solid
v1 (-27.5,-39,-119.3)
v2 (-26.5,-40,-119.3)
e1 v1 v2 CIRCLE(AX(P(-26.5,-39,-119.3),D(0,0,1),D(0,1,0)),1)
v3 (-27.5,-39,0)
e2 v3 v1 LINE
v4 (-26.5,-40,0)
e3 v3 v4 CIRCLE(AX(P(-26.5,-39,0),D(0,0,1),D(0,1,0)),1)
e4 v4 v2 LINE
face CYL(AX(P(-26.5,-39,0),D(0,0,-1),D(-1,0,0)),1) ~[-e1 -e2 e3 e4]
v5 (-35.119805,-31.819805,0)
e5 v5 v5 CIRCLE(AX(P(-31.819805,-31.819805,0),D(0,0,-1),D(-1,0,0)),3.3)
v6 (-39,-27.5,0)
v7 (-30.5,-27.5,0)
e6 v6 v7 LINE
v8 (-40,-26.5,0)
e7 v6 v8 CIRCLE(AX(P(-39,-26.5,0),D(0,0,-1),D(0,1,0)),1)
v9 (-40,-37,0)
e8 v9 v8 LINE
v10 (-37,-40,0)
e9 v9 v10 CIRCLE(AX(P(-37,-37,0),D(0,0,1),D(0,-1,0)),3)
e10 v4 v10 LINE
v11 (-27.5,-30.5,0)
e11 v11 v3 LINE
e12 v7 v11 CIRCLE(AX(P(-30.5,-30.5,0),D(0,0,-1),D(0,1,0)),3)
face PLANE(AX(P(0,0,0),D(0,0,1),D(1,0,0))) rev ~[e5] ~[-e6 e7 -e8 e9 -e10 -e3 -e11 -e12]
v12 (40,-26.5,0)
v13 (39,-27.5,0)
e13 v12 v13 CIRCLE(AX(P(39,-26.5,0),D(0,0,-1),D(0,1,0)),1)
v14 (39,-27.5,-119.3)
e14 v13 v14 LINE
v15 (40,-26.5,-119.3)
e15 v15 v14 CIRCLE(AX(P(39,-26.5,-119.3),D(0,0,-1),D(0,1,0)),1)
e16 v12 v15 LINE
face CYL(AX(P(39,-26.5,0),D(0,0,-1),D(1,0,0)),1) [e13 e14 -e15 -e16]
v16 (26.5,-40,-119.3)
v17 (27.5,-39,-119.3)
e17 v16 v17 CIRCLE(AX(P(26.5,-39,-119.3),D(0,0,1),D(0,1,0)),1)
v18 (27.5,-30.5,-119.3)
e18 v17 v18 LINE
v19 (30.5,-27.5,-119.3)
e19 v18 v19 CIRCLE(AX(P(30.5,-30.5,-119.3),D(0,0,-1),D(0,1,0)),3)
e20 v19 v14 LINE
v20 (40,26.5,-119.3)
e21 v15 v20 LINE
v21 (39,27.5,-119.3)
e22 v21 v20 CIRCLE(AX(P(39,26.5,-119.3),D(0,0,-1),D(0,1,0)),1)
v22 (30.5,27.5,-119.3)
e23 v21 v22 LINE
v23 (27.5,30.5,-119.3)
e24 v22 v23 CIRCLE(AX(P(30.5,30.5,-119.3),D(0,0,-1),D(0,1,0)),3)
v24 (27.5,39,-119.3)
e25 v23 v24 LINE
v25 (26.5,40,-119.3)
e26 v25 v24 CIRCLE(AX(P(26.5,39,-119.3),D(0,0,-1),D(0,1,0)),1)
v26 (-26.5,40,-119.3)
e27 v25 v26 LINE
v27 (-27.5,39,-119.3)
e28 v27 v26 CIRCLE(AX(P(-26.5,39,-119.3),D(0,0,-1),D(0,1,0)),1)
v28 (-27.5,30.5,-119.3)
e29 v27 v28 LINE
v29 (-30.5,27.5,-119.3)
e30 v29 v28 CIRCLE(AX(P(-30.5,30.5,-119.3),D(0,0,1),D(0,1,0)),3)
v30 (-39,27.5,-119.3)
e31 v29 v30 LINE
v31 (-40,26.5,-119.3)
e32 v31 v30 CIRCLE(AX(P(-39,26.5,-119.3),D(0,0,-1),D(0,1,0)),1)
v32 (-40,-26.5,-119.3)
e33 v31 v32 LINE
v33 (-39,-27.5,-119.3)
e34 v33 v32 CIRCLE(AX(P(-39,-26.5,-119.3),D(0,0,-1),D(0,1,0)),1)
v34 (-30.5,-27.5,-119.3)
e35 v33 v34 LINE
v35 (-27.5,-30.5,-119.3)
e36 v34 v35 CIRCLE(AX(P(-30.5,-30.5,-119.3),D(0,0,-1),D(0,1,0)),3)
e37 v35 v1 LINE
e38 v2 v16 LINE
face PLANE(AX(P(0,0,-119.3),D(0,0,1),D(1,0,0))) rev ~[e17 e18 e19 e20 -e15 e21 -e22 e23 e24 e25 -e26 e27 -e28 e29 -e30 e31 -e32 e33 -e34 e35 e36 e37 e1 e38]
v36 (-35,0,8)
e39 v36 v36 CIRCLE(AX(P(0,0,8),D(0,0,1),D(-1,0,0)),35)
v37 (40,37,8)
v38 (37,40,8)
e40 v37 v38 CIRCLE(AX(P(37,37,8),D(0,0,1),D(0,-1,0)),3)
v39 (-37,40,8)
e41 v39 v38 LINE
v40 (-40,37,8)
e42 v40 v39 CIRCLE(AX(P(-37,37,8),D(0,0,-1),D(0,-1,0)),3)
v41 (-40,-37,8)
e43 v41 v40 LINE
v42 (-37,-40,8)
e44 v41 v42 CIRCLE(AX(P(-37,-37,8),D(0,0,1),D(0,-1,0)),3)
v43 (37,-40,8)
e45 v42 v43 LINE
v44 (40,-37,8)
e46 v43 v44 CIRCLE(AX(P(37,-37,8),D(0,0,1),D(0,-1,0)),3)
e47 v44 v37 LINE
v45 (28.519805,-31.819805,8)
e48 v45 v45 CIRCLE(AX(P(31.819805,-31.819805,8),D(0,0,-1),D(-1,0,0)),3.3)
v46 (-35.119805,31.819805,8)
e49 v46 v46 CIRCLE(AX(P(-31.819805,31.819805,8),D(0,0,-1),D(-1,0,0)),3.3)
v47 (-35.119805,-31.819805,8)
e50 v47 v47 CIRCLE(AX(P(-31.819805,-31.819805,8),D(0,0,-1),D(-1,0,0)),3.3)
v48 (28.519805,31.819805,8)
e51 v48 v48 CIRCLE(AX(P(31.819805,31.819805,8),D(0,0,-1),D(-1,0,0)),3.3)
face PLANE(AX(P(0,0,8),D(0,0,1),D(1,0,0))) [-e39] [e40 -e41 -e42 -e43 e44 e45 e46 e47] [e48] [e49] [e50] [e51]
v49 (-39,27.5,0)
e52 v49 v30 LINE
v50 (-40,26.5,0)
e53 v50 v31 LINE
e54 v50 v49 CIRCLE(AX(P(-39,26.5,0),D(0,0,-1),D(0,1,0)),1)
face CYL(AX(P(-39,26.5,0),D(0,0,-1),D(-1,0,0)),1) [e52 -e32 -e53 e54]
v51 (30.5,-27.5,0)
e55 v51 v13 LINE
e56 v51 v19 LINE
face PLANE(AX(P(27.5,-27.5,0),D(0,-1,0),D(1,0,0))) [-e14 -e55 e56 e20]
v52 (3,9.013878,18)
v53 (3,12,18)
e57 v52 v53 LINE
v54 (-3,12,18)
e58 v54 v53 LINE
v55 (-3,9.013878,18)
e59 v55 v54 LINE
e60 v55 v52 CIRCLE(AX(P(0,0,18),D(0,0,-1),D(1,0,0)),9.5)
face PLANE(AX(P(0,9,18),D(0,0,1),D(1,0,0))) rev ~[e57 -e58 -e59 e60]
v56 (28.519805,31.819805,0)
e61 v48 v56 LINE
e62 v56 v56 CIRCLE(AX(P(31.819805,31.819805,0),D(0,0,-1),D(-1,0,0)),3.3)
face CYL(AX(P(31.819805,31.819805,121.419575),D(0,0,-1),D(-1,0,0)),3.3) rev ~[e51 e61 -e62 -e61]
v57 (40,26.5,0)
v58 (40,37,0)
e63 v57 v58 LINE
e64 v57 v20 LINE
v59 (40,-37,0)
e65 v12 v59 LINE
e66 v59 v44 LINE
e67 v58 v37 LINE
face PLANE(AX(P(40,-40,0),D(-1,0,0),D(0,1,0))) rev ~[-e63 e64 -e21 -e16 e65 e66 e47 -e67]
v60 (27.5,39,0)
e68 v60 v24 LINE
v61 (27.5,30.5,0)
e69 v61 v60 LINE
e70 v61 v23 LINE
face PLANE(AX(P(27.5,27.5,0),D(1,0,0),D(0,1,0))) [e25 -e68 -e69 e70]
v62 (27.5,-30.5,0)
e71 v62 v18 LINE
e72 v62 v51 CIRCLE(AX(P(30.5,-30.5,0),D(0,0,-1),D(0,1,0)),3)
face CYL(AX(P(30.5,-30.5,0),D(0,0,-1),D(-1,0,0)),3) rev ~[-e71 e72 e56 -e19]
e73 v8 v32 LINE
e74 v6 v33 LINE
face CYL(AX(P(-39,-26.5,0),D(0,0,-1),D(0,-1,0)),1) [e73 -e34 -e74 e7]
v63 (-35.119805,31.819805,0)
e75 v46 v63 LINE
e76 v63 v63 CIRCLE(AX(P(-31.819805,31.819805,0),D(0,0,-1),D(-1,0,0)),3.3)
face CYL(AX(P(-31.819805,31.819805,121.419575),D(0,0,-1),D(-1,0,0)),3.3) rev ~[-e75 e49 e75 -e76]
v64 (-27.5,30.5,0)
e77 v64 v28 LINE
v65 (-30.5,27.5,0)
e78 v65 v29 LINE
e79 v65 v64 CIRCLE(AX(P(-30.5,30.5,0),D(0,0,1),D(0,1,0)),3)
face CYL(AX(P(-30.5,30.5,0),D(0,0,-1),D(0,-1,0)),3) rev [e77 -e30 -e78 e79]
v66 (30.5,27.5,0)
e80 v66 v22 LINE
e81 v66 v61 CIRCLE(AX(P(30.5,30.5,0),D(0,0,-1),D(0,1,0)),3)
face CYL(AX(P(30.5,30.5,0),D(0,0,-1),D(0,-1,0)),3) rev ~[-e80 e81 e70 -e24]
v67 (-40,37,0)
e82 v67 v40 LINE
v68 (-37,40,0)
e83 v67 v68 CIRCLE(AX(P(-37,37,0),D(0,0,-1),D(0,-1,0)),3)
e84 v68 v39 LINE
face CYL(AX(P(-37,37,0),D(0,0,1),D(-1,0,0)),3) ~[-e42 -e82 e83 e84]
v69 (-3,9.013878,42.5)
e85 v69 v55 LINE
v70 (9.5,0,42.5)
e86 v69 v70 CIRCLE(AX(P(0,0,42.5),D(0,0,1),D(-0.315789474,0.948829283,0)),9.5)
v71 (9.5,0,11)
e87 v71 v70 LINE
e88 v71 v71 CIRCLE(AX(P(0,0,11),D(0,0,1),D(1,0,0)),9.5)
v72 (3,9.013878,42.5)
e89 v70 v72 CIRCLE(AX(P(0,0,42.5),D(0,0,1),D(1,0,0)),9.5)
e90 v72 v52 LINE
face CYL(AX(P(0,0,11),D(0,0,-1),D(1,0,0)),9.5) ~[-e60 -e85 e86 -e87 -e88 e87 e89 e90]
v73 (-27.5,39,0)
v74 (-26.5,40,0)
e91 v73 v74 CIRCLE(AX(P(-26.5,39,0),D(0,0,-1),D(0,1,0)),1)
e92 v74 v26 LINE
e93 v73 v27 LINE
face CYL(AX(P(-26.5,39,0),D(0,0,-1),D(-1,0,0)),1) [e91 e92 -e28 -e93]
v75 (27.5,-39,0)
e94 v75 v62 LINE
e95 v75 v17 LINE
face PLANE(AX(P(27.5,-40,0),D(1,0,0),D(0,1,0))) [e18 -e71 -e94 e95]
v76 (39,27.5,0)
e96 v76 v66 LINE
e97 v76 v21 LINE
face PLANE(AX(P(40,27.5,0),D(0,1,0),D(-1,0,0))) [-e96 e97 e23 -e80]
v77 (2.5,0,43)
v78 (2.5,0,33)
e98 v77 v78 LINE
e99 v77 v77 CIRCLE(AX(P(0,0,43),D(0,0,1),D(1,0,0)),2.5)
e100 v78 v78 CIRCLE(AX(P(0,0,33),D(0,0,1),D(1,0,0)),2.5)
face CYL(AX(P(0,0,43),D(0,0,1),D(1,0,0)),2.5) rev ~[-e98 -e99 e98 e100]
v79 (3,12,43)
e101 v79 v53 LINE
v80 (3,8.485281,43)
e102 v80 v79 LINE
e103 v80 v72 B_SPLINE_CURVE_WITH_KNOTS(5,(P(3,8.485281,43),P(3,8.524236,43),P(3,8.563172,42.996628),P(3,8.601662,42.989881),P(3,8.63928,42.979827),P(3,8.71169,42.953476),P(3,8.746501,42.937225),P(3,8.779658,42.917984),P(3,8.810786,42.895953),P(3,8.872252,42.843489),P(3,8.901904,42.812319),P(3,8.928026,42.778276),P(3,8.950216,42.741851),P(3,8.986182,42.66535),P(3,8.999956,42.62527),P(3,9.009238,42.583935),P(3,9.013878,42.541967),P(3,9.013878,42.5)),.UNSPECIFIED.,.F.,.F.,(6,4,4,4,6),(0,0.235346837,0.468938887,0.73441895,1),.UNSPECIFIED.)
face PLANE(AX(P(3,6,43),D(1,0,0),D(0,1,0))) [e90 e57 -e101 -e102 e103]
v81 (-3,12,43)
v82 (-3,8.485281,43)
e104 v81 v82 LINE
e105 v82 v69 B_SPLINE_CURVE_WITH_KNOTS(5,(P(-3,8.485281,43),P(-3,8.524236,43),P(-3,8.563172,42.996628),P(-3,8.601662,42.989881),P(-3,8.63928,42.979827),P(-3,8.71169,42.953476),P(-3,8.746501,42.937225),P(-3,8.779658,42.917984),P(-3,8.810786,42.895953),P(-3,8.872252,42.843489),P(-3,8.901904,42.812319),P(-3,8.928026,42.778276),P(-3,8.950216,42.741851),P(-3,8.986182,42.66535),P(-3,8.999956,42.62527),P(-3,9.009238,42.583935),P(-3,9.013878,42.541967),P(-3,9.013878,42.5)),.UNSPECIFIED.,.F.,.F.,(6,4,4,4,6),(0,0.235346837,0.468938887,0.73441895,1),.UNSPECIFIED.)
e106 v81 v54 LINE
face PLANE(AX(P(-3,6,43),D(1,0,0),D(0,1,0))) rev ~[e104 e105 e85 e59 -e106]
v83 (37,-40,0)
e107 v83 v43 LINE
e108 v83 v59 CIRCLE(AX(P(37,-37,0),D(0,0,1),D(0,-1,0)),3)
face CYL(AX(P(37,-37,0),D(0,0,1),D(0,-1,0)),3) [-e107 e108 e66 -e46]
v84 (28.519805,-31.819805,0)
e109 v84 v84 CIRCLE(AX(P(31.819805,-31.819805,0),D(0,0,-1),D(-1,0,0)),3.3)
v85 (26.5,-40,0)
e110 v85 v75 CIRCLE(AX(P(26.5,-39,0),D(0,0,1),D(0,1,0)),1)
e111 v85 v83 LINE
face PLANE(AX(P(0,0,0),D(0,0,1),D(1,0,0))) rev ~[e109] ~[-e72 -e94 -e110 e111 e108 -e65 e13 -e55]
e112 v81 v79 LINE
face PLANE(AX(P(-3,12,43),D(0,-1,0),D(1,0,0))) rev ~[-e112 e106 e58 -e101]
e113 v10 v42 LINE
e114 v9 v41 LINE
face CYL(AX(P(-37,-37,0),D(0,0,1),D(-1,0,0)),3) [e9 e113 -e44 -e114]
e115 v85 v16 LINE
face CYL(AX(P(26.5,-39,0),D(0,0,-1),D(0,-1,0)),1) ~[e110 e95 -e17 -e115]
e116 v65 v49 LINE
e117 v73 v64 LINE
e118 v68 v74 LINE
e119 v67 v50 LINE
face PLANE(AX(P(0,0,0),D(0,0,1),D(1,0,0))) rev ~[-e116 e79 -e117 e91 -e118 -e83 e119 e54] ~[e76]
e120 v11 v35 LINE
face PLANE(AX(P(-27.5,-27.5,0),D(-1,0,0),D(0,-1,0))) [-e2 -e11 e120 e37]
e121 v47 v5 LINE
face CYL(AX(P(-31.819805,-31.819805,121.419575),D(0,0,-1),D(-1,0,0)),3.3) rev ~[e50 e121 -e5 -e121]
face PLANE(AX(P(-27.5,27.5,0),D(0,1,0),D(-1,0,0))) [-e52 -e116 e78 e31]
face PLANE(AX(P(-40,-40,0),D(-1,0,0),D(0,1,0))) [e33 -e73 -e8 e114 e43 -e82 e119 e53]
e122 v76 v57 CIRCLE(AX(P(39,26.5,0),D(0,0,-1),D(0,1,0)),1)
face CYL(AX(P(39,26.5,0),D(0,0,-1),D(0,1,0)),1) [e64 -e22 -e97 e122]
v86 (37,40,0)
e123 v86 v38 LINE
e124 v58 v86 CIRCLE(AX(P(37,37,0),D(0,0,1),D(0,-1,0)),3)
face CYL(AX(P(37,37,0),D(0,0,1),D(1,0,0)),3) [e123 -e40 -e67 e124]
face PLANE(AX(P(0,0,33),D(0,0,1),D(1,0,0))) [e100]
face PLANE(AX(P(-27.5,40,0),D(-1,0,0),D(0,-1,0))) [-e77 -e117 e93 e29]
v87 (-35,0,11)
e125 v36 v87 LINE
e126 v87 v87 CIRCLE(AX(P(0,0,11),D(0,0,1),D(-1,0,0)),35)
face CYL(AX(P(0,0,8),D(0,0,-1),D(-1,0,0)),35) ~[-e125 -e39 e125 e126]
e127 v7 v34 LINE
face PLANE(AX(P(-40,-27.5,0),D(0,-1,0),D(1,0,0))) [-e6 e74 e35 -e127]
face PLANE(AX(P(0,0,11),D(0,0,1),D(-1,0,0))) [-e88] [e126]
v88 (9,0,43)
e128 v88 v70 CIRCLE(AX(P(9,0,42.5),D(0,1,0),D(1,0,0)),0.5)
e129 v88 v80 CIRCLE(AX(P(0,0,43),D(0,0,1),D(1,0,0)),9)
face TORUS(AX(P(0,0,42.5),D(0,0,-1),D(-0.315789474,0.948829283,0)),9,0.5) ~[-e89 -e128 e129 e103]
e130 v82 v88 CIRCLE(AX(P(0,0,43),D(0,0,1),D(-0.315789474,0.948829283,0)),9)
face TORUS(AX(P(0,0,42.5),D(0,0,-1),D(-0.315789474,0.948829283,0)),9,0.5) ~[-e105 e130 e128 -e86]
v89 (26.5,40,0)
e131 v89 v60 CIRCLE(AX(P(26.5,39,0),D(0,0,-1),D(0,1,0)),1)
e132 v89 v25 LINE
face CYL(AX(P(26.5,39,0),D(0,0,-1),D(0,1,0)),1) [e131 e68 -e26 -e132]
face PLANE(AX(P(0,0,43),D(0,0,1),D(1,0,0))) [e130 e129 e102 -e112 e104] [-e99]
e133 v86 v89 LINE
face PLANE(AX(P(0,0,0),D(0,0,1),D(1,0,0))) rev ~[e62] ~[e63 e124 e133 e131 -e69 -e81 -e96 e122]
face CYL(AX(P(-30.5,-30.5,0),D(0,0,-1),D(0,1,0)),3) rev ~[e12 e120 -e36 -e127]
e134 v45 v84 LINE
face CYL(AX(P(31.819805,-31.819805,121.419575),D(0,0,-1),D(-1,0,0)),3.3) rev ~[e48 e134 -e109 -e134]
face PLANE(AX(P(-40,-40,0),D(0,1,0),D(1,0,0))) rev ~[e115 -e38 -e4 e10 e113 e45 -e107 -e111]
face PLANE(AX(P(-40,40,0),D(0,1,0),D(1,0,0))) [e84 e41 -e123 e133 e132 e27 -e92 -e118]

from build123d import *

# Parameters (mm, degrees)
SKETCH_1_W              = 80
SKETCH_1_H              = 80
EXTRUDE_1_DEPTH         = 8
FILLET_1_R              = 3
HOLE_WIZARD_6_6_6_6_1_D = 6.6
SKETCH_5_R              = 35
EXTRUDE_2_DEPTH         = 3
SKETCH_6_R              = 9.5
EXTRUDE_3_DEPTH         = 32
EXTRUDE_4_DEPTH         = 119.3
FILLET_2_R              = 3
FILLET_3_R              = 1
SKETCH_8_W              = 6
SKETCH_8_H              = 6
EXTRUDE_5_DEPTH         = 25
FILLET_4_R              = 0.5
SKETCH_9_R              = 2.5
CUT_EXTRUDE_1_DEPTH     = 10


with BuildPart() as part:
    # 草图1 → 凸台-拉伸1 (new body)
    with BuildSketch(Plane.XY):
        Rectangle(SKETCH_1_W, SKETCH_1_H)
    extrude(amount=EXTRUDE_1_DEPTH)

    # 圆角1
    fillet_1_edges = [part.edges().sort_by_distance(p)[0] for p in [
        (40, -40, 4),
        (-40, -40, 4),
        (-40, 40, 4),
        (40, 40, 4),
    ]]
    fillet(fillet_1_edges, radius=FILLET_1_R)

    # Ø6.6 (6.6) 直径孔1 (through all)
    with Locations(Plane.XY.offset(8)):
        with Locations((31.819805153, 31.819805153), (31.819805153, -31.819805153), (-31.819805153, -31.819805153), (-31.819805153, 31.819805153)):
            Hole(HOLE_WIZARD_6_6_6_6_1_D / 2)

    # 草图5 → 凸台-拉伸2 (add)
    with BuildSketch(Plane.XY.offset(8)):
        with Locations(Location((0, 0, 0), (0, 0, 180))):
            Circle(SKETCH_5_R)
    extrude(amount=EXTRUDE_2_DEPTH)

    # 草图6 → 凸台-拉伸3 (add)
    with BuildSketch(Plane.XY.offset(11)):
        Circle(SKETCH_6_R)
    extrude(amount=EXTRUDE_3_DEPTH)

    # 草图7 → 凸台-拉伸4 (add)
    with BuildSketch(Plane(origin=(0, 0, 0), x_dir=(-1, 0, 0), z_dir=(0, 0, -1))):
        Polygon((-27.5, 40), (27.5, 40), (27.5, 27.5), (40, 27.5), (40, -27.5), (27.5, -27.5), (27.5, -40), (-27.5, -40), (-27.5, -27.5), (-40, -27.5), (-40, 27.5), (-27.5, 27.5), align=None)
    extrude(amount=EXTRUDE_4_DEPTH)

    # 圆角2
    fillet_2_edges = [part.edges().sort_by_distance(p)[0] for p in [
        (27.5, -27.5, -59.65),
        (-27.5, -27.5, -59.65),
        (-27.5, 27.5, -59.65),
        (27.5, 27.5, -59.65),
    ]]
    fillet(fillet_2_edges, radius=FILLET_2_R)

    # 圆角3
    fillet_3_edges = [part.edges().sort_by_distance(p)[0] for p in [
        (40, -27.5, -59.65),
        (27.5, -40, -59.65),
        (-27.5, -40, -59.65),
        (-40, -27.5, -59.65),
        (-40, 27.5, -59.65),
        (-27.5, 40, -59.65),
        (27.5, 40, -59.65),
        (40, 27.5, -59.65),
    ]]
    fillet(fillet_3_edges, radius=FILLET_3_R)

    # 草图8 → 凸台-拉伸5 (add)
    with BuildSketch(Plane.XY.offset(43)):
        with Locations((0, 9)):
            Rectangle(SKETCH_8_W, SKETCH_8_H)
    extrude(amount=-EXTRUDE_5_DEPTH)

    # 圆角4
    fillet_4_edges = [part.edges().sort_by_distance(p)[0] for p in [
        (-5.556527693, -7.705517504, 43),
    ]]
    fillet(fillet_4_edges, radius=FILLET_4_R)

    # 草图9 → 切除-拉伸1 (cut)
    with BuildSketch(Plane.XY.offset(43)):
        Circle(SKETCH_9_R)
    extrude(amount=-CUT_EXTRUDE_1_DEPTH, mode=Mode.SUBTRACT)


solid = part.part
